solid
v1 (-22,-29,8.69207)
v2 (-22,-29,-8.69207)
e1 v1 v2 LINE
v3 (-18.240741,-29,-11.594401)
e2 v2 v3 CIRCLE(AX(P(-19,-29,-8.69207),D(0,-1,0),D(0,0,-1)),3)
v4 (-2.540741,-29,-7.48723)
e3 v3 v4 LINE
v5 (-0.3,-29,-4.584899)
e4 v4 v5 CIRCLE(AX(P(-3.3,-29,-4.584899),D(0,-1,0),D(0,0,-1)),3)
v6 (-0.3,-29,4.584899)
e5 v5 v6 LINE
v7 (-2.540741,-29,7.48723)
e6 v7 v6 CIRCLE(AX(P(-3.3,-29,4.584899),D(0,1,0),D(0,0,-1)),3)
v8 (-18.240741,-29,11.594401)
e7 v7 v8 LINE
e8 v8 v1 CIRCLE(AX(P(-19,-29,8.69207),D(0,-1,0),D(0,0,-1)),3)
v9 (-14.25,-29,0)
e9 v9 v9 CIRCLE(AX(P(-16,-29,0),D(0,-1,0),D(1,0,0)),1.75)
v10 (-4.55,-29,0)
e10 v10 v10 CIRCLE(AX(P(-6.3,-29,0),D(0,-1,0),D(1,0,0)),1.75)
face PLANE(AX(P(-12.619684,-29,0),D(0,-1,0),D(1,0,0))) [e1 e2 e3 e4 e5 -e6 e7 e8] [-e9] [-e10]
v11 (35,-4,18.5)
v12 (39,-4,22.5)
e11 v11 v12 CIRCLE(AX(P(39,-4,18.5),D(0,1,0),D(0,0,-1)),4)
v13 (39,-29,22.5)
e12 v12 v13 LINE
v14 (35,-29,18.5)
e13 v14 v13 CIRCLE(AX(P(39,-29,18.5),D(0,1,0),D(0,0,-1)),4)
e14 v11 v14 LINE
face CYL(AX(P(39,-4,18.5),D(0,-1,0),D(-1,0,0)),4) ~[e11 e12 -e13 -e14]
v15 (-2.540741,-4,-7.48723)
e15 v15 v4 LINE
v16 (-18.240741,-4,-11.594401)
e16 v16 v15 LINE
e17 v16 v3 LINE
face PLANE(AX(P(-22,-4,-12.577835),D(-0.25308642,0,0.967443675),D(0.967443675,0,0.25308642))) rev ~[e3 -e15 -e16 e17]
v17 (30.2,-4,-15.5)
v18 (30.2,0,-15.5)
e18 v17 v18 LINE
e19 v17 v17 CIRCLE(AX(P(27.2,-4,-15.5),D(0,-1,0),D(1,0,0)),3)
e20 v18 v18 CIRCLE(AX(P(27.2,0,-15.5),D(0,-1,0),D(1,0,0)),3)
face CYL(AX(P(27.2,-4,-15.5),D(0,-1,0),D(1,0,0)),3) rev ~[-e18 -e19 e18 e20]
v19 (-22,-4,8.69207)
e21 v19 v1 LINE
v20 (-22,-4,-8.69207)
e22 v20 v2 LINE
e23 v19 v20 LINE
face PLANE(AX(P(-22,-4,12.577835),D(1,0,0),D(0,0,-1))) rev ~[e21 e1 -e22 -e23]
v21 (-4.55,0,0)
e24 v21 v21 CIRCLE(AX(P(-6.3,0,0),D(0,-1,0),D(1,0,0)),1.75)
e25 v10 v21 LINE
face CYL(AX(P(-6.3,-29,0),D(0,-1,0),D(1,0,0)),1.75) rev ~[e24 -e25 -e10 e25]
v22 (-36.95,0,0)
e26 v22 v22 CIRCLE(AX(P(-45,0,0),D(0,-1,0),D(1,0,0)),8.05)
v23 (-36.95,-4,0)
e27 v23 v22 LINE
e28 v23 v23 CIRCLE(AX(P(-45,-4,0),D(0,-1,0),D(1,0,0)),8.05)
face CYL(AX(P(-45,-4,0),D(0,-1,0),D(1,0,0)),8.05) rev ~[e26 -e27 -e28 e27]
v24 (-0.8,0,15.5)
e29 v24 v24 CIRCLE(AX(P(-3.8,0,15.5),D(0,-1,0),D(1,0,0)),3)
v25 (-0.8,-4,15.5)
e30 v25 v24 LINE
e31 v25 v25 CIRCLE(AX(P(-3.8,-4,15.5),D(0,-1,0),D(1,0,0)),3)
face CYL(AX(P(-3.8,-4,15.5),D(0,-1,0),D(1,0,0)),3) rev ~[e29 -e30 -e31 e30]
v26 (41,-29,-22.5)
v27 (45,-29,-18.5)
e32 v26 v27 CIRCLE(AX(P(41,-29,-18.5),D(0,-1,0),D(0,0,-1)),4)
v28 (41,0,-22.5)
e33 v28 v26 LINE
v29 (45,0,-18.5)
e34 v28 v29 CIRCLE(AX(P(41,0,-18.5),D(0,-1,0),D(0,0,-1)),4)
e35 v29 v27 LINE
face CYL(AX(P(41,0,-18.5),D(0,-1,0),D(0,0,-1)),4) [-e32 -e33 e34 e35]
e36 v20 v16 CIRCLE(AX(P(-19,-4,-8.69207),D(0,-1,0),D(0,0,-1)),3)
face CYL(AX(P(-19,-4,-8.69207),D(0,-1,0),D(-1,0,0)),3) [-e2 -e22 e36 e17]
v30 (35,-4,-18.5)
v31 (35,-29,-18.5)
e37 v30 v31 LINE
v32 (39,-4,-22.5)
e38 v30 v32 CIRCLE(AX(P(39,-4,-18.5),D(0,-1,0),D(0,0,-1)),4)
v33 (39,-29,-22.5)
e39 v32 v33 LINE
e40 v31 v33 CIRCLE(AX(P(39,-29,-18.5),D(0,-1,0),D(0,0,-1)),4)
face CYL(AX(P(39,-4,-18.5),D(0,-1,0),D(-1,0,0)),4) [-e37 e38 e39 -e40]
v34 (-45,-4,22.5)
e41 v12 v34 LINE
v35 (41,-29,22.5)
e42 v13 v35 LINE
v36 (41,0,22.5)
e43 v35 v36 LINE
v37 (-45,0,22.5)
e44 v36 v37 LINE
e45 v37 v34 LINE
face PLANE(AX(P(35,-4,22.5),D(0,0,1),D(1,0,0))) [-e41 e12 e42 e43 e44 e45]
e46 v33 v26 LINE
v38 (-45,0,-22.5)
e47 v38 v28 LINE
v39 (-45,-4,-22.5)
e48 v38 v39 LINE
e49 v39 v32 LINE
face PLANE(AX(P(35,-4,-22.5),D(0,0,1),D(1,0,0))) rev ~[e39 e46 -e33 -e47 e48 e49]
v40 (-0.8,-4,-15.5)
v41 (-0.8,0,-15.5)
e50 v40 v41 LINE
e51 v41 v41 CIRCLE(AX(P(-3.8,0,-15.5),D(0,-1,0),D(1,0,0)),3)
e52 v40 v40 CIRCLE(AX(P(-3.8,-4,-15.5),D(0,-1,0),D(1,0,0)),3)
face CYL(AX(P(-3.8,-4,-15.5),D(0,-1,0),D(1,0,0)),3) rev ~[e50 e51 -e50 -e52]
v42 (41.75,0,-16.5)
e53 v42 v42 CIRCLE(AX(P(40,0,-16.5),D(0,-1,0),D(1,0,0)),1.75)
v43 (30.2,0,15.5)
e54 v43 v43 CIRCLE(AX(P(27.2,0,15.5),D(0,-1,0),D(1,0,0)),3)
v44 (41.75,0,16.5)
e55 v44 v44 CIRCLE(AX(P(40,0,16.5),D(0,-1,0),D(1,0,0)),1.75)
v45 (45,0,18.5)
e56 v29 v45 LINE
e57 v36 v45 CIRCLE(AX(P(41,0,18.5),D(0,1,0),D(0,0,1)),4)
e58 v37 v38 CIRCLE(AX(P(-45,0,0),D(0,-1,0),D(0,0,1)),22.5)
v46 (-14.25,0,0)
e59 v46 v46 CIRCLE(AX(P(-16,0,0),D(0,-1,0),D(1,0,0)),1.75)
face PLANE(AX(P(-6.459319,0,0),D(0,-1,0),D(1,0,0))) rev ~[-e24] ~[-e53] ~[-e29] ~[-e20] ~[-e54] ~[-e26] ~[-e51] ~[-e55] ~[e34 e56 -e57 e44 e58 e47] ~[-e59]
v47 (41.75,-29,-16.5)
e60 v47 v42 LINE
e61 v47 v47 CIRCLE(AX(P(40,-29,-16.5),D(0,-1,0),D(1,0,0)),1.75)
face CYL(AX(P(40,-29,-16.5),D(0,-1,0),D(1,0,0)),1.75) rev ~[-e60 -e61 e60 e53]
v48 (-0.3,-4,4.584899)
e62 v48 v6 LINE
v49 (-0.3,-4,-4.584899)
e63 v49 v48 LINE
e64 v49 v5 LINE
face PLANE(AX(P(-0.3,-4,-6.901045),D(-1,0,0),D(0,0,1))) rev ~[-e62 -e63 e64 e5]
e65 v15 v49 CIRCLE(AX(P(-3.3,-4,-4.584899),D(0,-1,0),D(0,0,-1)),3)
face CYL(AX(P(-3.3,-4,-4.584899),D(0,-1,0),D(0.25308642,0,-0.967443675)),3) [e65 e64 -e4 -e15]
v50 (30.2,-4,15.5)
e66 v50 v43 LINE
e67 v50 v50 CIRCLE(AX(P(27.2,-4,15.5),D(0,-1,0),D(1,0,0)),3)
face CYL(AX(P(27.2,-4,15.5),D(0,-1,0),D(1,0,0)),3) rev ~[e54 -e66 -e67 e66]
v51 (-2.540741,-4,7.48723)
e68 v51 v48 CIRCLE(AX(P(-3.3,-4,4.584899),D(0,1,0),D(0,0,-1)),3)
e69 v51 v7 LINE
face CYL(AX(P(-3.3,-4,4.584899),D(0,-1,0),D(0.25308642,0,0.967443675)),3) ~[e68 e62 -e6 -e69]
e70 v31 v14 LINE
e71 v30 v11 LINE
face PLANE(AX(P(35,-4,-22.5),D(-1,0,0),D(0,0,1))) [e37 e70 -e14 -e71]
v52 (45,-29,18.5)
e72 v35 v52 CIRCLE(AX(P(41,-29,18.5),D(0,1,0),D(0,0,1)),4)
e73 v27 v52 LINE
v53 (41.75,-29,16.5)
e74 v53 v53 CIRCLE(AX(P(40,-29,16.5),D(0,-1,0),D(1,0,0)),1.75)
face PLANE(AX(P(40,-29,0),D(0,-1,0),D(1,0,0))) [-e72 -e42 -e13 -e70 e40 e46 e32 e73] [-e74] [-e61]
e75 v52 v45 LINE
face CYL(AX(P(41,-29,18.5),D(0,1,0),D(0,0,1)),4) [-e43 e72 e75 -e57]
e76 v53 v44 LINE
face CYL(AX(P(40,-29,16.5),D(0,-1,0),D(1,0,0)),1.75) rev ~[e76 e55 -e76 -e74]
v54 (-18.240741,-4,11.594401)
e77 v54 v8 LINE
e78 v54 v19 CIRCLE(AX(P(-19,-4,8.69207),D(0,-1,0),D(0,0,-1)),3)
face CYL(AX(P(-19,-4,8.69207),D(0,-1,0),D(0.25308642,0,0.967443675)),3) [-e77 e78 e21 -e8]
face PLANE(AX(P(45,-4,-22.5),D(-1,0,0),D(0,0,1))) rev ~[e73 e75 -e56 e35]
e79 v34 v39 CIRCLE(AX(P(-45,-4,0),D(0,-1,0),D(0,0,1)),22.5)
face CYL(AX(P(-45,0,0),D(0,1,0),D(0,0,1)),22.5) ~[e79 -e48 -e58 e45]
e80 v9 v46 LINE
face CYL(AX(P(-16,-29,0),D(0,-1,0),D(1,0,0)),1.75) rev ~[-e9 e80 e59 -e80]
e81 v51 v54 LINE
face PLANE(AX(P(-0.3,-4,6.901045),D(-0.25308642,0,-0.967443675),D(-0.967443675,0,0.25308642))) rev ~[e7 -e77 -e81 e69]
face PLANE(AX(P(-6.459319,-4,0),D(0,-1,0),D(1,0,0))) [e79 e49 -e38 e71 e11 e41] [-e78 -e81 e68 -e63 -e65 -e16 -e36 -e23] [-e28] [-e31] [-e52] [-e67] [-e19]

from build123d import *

# Parameters (mm, degrees)
F1_DEPTH  = 4
F2_R      = 8.05
F3_DEPTH  = 4.001
F4_W      = 10
F4_H      = 45
F5_DEPTH  = 25
F6_R      = 1.75
F7_DEPTH  = 29.001
F8_R      = 1.75
F9_DEPTH  = 29.001
F10_R     = 3
F11_R     = 4
F12_R     = 3
F13_DEPTH = 4.001


with BuildPart() as f1:
    # F0 (on Front) → F1 (new body)
    with BuildSketch(Plane.XZ):
        with BuildLine():
            Line((45, 22.5), (-45, 22.5))
            ThreePointArc((-45, 22.5), (-67.5, 0), (-45, -22.5))
            Line((-45, -22.5), (45, -22.5))
            Line((45, -22.5), (45, 22.5))
        make_face()
    extrude(amount=F1_DEPTH)

    # F2 (on face) → F3 (cut, through all)
    with BuildSketch(Plane.XZ.offset(4)):
        with Locations((-45, 0)):
            Circle(F2_R)
    extrude(amount=-F3_DEPTH, mode=Mode.SUBTRACT)

    # F4 (on face) → F5 (join)
    with BuildSketch(Plane.XZ.offset(4)):
        Polygon((-0.3, 6.9010445144), (-22, 12.5778352683), (-22, 0), (-22, -12.5778352683), (-0.3, -6.9010445144), (-0.3, 0), align=None)
        with Locations((40, 0)):
            Rectangle(F4_W, F4_H)
    extrude(amount=F5_DEPTH)

    # F6 (on face) → F7 (cut, through all)
    with BuildSketch(Plane.XZ.offset(29)):
        with Locations((-16, 0)):
            Circle(F6_R)
        with Locations((-6.3, 0)):
            Circle(F6_R)
    extrude(amount=-F7_DEPTH, mode=Mode.SUBTRACT)

    # F8 (on face) → F9 (cut, through all)
    with BuildSketch(Plane.XZ.offset(29)):
        with Locations((40, 16.5)):
            Circle(F8_R)
        with Locations((40, -16.5)):
            Circle(F8_R)
    extrude(amount=-F9_DEPTH, mode=Mode.SUBTRACT)

    # F10
    f10_edges = [f1.edges().sort_by_distance(p)[0] for p in [
        (-0.3, -16.5, 6.901045),
        (-22, -16.5, 12.577835),
        (-22, -16.5, -12.577835),
        (-0.3, -16.5, -6.901045),
    ]]
    fillet(f10_edges, radius=F10_R)

    # F11
    f11_edges = [f1.edges().sort_by_distance(p)[0] for p in [
        (45, -14.5, 22.5),
        (45, -14.5, -22.5),
        (35, -16.5, 22.5),
        (35, -16.5, -22.5),
    ]]
    fillet(f11_edges, radius=F11_R)

    # F12 (on face) → F13 (cut, through all)
    with BuildSketch(Plane.XZ.offset(4)):
        with Locations((-3.8, 15.5)):
            Circle(F12_R)
        with Locations((-3.8, -15.5)):
            Circle(F12_R)
        with Locations((27.2, -15.5)):
            Circle(F12_R)
        with Locations((27.2, 15.5)):
            Circle(F12_R)
    extrude(amount=-F13_DEPTH, mode=Mode.SUBTRACT)


solid = f1.part
